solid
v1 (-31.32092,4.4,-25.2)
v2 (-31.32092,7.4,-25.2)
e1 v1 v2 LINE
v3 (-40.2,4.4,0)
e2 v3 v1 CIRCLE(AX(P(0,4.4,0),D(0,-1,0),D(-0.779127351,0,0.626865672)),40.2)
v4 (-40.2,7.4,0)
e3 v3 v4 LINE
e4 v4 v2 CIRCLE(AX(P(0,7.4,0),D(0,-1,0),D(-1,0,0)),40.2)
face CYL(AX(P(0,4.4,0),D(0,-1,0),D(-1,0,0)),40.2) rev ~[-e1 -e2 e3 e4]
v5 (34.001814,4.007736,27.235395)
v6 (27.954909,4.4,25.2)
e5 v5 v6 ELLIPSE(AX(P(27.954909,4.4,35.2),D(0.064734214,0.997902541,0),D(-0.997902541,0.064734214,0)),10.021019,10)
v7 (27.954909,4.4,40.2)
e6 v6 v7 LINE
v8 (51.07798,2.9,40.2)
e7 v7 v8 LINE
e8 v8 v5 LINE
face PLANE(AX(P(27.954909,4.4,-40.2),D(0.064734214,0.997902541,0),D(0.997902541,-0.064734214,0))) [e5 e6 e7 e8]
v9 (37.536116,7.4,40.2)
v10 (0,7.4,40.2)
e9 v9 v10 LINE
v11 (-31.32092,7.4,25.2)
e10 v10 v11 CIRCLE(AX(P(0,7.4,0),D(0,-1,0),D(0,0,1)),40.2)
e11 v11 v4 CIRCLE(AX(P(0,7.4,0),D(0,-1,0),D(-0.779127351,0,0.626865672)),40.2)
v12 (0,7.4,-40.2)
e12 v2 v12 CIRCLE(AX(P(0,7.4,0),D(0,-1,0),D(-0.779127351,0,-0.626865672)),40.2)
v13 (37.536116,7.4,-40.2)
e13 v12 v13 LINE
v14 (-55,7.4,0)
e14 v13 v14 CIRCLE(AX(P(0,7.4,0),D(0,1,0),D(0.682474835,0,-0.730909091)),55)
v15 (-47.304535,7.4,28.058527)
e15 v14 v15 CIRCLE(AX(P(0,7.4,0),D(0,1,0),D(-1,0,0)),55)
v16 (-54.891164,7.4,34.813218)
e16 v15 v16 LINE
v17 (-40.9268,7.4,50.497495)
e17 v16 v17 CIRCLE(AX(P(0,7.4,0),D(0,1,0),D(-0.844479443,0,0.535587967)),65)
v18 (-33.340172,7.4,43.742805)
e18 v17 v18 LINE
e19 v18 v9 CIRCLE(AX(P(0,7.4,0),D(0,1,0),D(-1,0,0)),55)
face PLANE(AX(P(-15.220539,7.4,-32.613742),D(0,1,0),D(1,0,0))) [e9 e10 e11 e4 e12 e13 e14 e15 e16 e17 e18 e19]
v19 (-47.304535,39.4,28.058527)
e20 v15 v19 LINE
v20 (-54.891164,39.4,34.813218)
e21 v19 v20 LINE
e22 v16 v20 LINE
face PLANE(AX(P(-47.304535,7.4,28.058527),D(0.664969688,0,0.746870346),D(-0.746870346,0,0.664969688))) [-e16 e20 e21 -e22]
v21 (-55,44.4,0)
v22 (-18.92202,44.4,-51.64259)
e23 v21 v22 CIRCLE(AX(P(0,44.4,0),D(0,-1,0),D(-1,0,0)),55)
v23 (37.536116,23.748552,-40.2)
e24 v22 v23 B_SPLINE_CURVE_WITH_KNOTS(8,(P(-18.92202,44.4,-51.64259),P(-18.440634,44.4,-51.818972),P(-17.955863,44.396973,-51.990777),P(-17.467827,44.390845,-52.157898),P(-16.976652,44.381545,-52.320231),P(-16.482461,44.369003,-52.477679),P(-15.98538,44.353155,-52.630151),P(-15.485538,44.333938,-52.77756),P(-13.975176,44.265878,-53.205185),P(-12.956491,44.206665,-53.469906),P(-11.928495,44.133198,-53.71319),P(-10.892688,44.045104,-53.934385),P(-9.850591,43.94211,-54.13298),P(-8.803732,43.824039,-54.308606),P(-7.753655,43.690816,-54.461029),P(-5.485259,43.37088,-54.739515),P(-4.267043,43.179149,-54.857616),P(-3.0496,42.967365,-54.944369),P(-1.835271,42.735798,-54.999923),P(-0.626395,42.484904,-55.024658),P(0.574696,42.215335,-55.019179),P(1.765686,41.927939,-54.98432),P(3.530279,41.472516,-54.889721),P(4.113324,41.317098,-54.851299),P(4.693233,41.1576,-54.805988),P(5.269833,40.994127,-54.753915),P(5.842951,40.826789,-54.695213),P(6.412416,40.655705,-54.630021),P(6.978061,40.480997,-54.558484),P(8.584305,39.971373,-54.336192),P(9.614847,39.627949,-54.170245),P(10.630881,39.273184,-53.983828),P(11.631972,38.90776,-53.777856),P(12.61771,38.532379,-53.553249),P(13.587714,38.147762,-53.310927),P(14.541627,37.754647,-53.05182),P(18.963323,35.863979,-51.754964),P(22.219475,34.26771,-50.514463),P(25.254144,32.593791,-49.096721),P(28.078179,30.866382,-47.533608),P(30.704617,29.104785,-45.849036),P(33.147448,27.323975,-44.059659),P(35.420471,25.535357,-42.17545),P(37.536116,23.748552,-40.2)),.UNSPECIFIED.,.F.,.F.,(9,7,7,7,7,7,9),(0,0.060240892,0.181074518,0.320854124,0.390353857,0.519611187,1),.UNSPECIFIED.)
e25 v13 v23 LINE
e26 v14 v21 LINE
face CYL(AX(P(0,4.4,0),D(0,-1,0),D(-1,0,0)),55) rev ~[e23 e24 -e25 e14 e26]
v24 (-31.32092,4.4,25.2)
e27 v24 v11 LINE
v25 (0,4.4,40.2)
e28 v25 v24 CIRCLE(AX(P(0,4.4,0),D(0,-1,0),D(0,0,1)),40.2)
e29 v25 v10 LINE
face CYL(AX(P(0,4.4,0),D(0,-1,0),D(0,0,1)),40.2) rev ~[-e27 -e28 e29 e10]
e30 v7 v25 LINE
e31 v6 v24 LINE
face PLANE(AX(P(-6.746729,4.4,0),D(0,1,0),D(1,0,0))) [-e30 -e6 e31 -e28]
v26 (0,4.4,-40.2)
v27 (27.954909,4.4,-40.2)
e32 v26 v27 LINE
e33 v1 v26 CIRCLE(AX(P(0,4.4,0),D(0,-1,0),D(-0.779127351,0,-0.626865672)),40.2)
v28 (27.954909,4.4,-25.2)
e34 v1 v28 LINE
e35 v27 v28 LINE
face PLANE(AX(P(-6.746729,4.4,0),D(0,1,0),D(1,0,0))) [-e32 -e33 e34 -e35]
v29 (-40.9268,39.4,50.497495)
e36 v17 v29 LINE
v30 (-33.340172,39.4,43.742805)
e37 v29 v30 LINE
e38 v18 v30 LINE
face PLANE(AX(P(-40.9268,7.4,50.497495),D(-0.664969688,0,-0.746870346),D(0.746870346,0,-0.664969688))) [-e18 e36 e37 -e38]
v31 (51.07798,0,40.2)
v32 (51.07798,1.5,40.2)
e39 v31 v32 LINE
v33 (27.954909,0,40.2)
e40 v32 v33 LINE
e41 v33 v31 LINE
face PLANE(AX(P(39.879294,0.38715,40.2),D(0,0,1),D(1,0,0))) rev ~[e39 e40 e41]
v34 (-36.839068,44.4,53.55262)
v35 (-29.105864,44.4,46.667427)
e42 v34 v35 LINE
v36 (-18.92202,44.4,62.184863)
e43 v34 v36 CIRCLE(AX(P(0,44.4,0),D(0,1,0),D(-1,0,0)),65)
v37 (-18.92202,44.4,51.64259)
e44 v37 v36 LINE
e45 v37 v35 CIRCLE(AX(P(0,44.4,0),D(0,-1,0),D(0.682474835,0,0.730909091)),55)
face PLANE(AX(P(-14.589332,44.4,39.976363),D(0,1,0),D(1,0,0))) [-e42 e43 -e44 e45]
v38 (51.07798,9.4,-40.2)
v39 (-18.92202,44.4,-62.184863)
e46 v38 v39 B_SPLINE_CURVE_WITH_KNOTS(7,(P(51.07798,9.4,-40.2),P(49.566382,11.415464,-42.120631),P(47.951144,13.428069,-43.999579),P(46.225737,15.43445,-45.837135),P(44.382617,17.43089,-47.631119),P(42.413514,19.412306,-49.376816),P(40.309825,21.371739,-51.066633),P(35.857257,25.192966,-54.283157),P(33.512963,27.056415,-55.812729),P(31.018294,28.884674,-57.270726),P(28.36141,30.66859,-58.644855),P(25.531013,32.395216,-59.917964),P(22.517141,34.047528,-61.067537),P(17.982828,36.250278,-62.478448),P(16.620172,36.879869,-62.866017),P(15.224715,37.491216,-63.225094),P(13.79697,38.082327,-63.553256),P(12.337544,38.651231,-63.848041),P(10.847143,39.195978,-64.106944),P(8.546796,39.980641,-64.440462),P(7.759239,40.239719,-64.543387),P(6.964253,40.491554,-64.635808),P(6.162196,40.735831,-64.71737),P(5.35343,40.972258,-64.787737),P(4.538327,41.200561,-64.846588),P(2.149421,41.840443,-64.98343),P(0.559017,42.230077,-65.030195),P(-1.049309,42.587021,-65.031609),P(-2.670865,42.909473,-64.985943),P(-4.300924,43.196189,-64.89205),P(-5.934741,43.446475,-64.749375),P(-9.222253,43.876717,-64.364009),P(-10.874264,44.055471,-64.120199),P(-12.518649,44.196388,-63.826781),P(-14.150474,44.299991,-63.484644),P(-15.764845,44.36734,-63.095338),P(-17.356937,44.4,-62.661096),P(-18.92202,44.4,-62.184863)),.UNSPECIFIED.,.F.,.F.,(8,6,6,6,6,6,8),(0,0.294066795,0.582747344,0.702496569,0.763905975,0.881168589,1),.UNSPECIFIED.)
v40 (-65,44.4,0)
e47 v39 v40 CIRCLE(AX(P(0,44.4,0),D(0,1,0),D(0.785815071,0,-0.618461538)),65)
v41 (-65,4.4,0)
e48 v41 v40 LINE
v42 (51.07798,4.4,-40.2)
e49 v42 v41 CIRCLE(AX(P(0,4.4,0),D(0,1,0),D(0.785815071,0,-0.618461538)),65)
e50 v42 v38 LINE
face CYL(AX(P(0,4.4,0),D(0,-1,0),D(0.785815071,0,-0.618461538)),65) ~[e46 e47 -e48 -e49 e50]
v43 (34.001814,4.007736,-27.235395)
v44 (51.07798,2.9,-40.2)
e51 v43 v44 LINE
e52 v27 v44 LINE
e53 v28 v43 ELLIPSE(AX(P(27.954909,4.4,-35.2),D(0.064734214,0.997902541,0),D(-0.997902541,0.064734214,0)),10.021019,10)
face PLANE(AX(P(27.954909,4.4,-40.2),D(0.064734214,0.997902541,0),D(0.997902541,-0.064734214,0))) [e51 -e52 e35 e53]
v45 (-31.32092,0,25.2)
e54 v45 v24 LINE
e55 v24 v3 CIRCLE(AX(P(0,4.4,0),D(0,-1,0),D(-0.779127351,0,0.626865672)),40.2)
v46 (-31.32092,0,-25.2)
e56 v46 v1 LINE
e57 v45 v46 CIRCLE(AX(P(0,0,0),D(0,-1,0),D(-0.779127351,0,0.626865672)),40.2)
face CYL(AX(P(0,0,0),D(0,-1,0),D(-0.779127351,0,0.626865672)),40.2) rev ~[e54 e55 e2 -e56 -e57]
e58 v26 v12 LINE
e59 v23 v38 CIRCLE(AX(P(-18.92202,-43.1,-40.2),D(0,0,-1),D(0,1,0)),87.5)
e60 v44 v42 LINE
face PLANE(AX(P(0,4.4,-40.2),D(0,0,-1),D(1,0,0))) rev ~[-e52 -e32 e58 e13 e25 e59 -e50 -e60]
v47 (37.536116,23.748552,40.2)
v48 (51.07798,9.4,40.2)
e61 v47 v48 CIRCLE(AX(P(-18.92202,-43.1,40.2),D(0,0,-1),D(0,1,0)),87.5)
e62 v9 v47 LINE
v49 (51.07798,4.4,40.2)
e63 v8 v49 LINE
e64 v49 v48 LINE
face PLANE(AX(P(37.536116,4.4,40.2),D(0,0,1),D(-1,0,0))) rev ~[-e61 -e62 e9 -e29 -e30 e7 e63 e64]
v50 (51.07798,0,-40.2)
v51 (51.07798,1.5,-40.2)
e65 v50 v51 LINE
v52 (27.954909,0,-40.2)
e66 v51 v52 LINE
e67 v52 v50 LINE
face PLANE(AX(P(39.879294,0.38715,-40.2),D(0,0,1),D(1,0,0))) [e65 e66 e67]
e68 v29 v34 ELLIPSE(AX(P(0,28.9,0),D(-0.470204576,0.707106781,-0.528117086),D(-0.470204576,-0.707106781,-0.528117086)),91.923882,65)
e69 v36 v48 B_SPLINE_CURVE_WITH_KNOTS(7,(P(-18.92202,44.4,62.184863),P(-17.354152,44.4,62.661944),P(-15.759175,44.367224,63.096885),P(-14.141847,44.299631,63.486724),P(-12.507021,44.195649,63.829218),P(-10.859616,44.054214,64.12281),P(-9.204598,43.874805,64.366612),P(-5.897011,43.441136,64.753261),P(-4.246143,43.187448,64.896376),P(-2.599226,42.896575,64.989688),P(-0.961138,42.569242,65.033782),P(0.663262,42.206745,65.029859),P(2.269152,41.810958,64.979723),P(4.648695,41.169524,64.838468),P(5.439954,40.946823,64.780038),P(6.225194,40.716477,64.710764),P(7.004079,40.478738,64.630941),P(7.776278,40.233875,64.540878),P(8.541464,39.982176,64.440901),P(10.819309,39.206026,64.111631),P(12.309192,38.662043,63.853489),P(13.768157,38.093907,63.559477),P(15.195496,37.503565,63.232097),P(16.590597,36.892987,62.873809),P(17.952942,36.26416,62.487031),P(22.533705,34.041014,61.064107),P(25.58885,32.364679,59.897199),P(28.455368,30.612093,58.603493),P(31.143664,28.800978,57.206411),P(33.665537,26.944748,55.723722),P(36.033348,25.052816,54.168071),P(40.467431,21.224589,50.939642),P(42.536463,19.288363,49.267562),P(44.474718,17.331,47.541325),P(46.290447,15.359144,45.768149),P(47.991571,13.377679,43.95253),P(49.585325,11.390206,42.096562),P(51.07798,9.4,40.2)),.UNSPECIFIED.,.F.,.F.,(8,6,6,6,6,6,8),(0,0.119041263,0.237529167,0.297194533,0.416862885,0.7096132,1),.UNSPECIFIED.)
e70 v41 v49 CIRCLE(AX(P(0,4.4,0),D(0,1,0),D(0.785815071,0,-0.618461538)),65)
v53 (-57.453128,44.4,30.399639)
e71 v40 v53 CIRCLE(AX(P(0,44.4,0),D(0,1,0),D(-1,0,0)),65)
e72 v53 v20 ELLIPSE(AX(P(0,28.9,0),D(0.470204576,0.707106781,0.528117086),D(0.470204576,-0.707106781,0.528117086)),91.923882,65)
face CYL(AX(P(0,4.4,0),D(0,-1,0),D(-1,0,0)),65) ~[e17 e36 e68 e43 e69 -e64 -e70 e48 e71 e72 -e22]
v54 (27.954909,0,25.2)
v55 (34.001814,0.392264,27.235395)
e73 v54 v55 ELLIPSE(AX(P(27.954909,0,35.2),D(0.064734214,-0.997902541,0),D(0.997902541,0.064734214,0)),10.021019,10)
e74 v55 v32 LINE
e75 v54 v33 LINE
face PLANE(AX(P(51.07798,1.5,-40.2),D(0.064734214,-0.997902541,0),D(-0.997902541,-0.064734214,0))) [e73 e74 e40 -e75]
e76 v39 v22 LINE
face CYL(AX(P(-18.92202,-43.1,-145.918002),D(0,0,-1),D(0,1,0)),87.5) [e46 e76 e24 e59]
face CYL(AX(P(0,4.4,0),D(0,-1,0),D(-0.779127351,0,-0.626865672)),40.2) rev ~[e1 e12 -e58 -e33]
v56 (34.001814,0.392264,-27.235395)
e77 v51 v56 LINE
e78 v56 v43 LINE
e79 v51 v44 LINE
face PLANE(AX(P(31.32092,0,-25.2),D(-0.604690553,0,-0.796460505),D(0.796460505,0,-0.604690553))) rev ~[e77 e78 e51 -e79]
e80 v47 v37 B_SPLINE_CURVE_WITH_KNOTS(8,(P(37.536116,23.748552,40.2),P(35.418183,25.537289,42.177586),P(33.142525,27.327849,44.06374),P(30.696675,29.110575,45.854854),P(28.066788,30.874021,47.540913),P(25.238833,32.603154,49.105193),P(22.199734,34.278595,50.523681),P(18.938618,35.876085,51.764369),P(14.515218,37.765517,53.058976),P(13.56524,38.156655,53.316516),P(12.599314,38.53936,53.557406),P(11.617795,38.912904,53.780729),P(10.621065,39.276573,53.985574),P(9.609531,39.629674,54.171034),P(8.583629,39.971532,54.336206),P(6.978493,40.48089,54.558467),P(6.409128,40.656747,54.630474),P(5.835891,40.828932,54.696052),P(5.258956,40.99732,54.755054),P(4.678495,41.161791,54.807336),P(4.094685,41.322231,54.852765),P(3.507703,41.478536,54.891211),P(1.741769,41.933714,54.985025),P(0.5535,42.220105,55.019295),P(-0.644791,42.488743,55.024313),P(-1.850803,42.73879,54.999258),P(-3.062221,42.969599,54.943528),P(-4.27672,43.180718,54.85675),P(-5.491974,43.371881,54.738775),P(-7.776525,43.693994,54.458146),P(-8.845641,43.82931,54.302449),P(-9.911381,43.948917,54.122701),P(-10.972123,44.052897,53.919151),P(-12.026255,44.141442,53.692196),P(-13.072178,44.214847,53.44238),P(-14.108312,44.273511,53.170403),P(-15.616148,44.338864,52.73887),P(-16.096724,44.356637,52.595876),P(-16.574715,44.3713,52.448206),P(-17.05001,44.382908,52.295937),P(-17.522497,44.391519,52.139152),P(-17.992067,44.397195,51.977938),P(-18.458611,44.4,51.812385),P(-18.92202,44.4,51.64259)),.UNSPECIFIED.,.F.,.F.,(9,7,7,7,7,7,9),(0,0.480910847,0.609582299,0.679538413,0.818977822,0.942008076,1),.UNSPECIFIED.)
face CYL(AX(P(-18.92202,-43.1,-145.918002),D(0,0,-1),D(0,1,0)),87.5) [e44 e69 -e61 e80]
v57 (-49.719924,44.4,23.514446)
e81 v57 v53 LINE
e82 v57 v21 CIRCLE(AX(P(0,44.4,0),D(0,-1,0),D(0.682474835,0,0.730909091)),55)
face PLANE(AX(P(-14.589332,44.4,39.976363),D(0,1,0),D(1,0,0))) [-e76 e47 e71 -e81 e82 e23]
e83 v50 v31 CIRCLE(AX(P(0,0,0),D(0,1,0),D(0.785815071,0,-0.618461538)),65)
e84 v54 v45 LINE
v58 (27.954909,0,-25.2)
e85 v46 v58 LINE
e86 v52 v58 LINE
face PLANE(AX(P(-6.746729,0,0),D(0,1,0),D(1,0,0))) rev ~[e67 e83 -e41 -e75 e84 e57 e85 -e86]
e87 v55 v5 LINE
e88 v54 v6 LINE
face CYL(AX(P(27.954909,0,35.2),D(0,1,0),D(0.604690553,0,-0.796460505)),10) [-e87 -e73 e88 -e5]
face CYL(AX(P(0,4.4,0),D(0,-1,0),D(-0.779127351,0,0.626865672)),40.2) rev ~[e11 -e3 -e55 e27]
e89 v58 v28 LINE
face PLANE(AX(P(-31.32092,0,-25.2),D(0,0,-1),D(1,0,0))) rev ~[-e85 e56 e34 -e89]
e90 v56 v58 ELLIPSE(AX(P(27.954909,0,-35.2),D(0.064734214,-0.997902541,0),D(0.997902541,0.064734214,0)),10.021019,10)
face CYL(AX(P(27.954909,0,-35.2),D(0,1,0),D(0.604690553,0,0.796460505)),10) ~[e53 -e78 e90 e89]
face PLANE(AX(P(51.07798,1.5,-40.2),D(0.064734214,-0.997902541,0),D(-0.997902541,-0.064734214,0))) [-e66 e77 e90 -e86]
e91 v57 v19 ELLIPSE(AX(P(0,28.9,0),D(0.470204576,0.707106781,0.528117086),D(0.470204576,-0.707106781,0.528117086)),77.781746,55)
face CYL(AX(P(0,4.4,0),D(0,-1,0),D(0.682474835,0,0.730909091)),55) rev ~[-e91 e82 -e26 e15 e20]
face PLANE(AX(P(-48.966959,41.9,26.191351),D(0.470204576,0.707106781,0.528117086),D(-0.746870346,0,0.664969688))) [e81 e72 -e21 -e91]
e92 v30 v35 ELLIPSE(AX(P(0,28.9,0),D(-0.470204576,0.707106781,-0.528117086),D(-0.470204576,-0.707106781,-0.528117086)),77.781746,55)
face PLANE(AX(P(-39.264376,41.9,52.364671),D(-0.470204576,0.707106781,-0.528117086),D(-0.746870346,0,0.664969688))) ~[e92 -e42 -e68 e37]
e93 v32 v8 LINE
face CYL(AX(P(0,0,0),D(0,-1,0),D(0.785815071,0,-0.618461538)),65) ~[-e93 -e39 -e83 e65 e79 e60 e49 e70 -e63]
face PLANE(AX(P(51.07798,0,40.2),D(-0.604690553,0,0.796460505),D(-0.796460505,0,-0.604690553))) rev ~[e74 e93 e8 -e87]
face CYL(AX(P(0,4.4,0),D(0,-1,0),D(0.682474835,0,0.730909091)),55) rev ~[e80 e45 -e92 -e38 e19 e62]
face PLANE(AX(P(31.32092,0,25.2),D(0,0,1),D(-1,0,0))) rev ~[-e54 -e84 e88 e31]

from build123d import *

# Parameters (mm, degrees)
BOSS_EXTRUDE1_DEPTH     = 4.4
BOSS_EXTRUDE2_START     = 4.4
BOSS_EXTRUDE2_DEPTH     = 40
BOSS_EXTRUDE3_START     = 4.4
BOSS_EXTRUDE3_DEPTH     = 3
CUT_EXTRUDE1_START      = -37
CUT_EXTRUDE1_DEPTH      = 37
CHAMFER1_SIZE           = 5
CUT_EXTRUDE2_DEPTH      = 120.718001988
CUT_EXTRUDE2_DEPTH_BACK = 120.718001988
FILLET1_R               = 10
CUT_EXTRUDE3_START      = -15
CUT_EXTRUDE3_DEPTH      = 80.4


with BuildPart() as part:
    # Sketch1 → Boss-Extrude1 (new body)
    with BuildSketch(Plane(origin=(0, 0, 0), x_dir=(1, 0, 0), z_dir=(0, 1, 0))):
        with BuildLine():
            Line((-31.320919527, 25.2), (31.320919527, 25.2))
            Line((31.320919527, 25.2), (51.0779796, 40.2))
            ThreePointArc((51.0779796, 40.2), (-65, 0), (51.0779796, -40.2))
            Line((51.0779796, -40.2), (31.320919527, -25.2))
            Line((31.320919527, -25.2), (-31.320919527, -25.2))
            ThreePointArc((-31.320919527, -25.2), (-40.2, 0), (-31.320919527, 25.2))
        make_face()
    extrude(amount=BOSS_EXTRUDE1_DEPTH)

    # Sketch1<3> → Boss-Extrude2 (add)
    with BuildSketch(Plane(origin=(0, 0, 0), x_dir=(1, 0, 0), z_dir=(0, 1, 0)).offset(BOSS_EXTRUDE2_START)):
        with BuildLine():
            ThreePointArc((37.536115942, -40.2), (-21.914762413, -50.445447648), (-55, 0))
            Line((-55, 0), (-65, 0))
            ThreePointArc((-65, 0), (-21.271240279, -61.420960079), (51.0779796, -40.2))
            Line((51.0779796, -40.2), (37.536115942, -40.2))
        make_face()
        with BuildLine():
            ThreePointArc((-55, 0), (-21.914762413, 50.445447648), (37.536115942, 40.2))
            Line((37.536115942, 40.2), (51.0779796, 40.2))
            ThreePointArc((51.0779796, 40.2), (-21.271240279, 61.420960079), (-65, 0))
            Line((-65, 0), (-55, 0))
        make_face()
    extrude(amount=BOSS_EXTRUDE2_DEPTH)

    # Sketch1<4> → Boss-Extrude3 (add)
    with BuildSketch(Plane(origin=(0, 0, 0), x_dir=(1, 0, 0), z_dir=(0, 1, 0)).offset(BOSS_EXTRUDE3_START)):
        with BuildLine():
            ThreePointArc((-40.2, 0), (-37.915306704, 13.359248389), (-31.320919527, 25.2))
            ThreePointArc((-31.320919527, 25.2), (-17.363755354, 36.256585609), (0, 40.2))
            Line((0, 40.2), (37.536115942, 40.2))
            ThreePointArc((37.536115942, 40.2), (-21.914762413, 50.445447648), (-55, 0))
            Line((-55, 0), (-40.2, 0))
        make_face()
        with BuildLine():
            ThreePointArc((-31.320919527, -25.2), (-37.915306704, -13.359248389), (-40.2, 0))
            Line((-40.2, 0), (-55, 0))
            ThreePointArc((-55, 0), (-21.914762413, -50.445447648), (37.536115942, -40.2))
            Line((37.536115942, -40.2), (0, -40.2))
            ThreePointArc((0, -40.2), (-17.363755354, -36.256585609), (-31.320919527, -25.2))
        make_face()
    extrude(amount=BOSS_EXTRUDE3_DEPTH)

    # Sketch2 → Cut-Extrude1 (cut)
    with BuildSketch(Plane(origin=(0, 44.4, 0), x_dir=(1, 0, 0), z_dir=(0, 1, 0)).offset(CUT_EXTRUDE1_START)):
        with BuildLine():
            Line((-47.304535151, -28.058527299), (-54.891163788, -34.813217864))
            ThreePointArc((-54.891163788, -34.813217864), (-48.54657249, -43.223029736), (-40.926800335, -50.49749513))
            Line((-40.926800335, -50.49749513), (-33.340171698, -43.742804564))
            ThreePointArc((-33.340171698, -43.742804564), (-41.07786903, -36.573332853), (-47.304535151, -28.058527299))
        make_face()
    extrude(amount=CUT_EXTRUDE1_DEPTH, mode=Mode.SUBTRACT)

    # Chamfer1
    chamfer1_edges = [part.edges().sort_by_distance(p)[0] for p in [
        (-51.097849469, 44.4, 31.435872581),
        (-37.133486016, 44.4, 47.120149847),
    ]]
    chamfer(chamfer1_edges, length=CHAMFER1_SIZE)

    # Sketch3 → Cut-Extrude2 (cut, two sides: drawn at the far end of the back side and taken through both)
    with BuildSketch(Plane.XY.offset(-25.2).offset(-CUT_EXTRUDE2_DEPTH_BACK)):
        with BuildLine():
            Line((51.0779796, 44.4), (-18.9220204, 44.4))
            ThreePointArc((-18.9220204, 44.4), (20.209169206, 35.162379212), (51.0779796, 9.4))
            Line((51.0779796, 9.4), (51.0779796, 44.4))
        make_face()
    extrude(amount=CUT_EXTRUDE2_DEPTH + CUT_EXTRUDE2_DEPTH_BACK, mode=Mode.SUBTRACT)

    # Fillet1
    fillet1_edges = [part.edges().sort_by_distance(p)[0] for p in [
        (31.320919527, 2.2, -25.2),
        (31.320919527, 2.2, 25.2),
    ]]
    fillet(fillet1_edges, radius=FILLET1_R)

    # Sketch4 → Cut-Extrude3 (cut)
    with BuildSketch(Plane.XY.offset(-25.2).offset(CUT_EXTRUDE3_START)):
        Polygon((51.0779796, 4.4), (27.954908691, 4.4), (51.0779796, 2.9), align=None)
        Polygon((51.0779796, 0), (51.0779796, 1.5), (27.954908691, 0), align=None)
    extrude(amount=CUT_EXTRUDE3_DEPTH, mode=Mode.SUBTRACT)


solid = part.part
